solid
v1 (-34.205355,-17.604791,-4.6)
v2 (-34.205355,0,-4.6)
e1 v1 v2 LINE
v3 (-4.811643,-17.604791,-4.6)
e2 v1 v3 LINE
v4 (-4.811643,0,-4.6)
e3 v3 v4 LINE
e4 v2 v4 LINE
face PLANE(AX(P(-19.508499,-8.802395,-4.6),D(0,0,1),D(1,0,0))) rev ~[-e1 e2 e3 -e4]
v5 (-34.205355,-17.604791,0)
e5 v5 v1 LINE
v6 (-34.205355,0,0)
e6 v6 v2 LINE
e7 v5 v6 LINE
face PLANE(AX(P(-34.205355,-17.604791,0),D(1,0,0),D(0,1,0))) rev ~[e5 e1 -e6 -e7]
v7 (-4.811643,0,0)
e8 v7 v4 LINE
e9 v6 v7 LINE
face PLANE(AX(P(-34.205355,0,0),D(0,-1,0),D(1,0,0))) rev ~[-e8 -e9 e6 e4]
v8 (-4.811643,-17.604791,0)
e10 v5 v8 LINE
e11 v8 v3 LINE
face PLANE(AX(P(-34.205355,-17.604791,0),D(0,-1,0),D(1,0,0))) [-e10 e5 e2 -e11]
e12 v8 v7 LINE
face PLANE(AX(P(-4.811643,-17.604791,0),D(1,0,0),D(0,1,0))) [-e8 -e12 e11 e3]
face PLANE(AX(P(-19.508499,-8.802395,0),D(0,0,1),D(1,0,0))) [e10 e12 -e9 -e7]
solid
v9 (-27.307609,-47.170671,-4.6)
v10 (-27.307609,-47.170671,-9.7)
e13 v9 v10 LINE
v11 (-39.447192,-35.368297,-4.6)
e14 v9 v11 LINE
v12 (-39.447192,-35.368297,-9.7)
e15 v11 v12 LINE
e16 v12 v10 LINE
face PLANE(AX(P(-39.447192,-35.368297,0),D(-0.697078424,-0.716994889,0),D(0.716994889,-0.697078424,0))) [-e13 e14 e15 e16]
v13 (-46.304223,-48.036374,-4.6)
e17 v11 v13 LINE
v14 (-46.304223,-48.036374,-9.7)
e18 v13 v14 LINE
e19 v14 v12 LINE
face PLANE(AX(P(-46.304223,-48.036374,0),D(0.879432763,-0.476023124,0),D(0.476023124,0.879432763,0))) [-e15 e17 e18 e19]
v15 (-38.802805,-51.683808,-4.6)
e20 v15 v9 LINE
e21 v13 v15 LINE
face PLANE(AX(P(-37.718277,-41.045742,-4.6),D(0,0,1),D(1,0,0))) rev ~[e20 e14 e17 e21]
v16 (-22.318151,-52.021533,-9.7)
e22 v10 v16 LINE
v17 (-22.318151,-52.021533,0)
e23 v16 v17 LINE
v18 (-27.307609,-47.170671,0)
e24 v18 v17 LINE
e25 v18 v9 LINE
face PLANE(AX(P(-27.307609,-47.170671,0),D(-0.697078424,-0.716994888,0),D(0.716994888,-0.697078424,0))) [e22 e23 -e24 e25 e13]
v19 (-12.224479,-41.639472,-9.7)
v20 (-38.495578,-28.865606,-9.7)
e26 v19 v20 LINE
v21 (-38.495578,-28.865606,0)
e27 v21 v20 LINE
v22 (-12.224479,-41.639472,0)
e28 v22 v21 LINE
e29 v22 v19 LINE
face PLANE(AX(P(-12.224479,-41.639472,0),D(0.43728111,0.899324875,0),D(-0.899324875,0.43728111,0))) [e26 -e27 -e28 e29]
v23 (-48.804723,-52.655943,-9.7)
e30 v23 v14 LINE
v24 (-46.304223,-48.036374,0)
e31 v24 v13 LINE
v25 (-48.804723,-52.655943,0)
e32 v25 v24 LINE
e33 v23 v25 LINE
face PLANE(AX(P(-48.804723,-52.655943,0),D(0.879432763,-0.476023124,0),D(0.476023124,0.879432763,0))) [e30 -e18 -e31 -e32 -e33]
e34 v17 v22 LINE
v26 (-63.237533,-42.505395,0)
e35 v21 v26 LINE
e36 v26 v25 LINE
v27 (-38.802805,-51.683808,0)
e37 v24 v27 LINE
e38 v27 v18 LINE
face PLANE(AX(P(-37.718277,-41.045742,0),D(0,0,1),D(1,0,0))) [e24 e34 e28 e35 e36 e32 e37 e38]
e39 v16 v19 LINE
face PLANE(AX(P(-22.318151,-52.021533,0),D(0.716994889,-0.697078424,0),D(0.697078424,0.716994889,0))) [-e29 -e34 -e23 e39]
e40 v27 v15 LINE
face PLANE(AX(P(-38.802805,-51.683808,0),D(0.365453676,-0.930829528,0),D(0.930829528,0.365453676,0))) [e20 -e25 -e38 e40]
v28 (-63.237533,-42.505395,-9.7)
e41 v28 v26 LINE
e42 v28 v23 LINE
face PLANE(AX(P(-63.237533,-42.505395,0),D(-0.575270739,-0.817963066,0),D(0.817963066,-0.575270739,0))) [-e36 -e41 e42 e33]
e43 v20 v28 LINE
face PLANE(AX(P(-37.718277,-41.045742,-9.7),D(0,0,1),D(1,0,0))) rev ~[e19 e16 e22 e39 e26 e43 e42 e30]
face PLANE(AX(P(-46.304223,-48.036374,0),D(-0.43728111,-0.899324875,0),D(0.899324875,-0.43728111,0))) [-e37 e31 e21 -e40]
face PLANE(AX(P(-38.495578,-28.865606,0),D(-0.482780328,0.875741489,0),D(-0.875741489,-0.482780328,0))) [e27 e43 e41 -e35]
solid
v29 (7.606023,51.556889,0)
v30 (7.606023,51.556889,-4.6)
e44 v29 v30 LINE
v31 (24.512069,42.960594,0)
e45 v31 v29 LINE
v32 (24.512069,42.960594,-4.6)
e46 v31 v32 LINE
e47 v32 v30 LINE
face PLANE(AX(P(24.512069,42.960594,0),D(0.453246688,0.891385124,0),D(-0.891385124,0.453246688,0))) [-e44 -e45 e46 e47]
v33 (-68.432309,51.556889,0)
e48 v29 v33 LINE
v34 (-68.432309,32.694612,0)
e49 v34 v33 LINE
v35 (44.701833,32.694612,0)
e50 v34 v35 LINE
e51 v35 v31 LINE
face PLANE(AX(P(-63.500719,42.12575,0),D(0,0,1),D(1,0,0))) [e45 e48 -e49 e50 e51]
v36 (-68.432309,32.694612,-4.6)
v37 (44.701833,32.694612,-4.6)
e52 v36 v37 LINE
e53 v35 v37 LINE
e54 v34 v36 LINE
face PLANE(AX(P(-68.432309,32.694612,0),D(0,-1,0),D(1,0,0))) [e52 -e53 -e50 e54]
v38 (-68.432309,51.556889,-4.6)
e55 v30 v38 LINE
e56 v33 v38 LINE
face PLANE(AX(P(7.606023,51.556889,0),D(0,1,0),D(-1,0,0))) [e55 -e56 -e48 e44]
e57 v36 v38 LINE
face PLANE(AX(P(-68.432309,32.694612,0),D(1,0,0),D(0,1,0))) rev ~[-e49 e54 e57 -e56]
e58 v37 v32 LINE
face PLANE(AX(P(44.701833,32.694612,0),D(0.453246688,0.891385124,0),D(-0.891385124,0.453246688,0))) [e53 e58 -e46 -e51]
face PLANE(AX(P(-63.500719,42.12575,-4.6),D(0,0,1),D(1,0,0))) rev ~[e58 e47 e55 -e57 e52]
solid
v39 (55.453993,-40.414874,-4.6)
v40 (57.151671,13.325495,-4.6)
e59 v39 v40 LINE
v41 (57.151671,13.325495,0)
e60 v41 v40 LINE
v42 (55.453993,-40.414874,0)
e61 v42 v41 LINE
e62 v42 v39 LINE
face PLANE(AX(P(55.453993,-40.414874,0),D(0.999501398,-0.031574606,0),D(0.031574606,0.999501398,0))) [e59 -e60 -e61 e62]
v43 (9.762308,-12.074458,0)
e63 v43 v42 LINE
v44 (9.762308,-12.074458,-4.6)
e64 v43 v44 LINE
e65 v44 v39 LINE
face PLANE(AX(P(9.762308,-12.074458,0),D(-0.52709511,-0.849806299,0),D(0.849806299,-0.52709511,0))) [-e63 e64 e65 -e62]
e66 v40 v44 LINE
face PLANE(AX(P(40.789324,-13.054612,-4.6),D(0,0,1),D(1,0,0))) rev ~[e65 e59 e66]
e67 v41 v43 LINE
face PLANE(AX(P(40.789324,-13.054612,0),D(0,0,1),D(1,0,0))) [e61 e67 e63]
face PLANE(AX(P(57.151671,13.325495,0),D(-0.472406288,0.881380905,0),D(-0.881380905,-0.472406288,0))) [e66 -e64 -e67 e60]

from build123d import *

# Parameters (mm, degrees)
F1_DEPTH = 9.7
F0_W     = 9.863179177
F0_H     = 18.8622772694
F2_DEPTH = 4.6
F0_W_2   = 29.3937120587
F0_H_2   = 17.604790628


with BuildPart() as f1:
    # F0 (on Top) → F1 (new body)
    with BuildSketch(Plane.XY):
        Polygon((-38.4955778718, -28.8656055927), (-63.2375329733, -42.5053946674), (-48.8047227263, -52.6559427381), (-46.3042226437, -48.0363736752), (-39.4471921027, -35.3682972491), (-27.3076091883, -47.1706705536), (-22.3181508482, -52.0215332508), (-12.2244788289, -41.6394715056), align=None)
    extrude(amount=-F1_DEPTH)

    # F0 (on Top) → F2, piece 4 (join)
    with BuildSketch(Plane.XY):
        Polygon((-38.4955778718, -28.8656055927), (-63.2375329733, -42.5053946674), (-48.8047227263, -52.6559427381), (-46.3042226437, -48.0363736752), (-39.4471921027, -35.3682972491), (-27.3076091883, -47.1706705536), (-22.3181508482, -52.0215332508), (-12.2244788289, -41.6394715056), align=None)
        Polygon((-39.4471921027, -35.3682972491), (-46.3042226437, -48.0363736752), (-38.8028048201, -51.6838078871), (-27.3076091883, -47.1706705536), align=None)
    extrude(amount=-F2_DEPTH)


with BuildPart() as f2:
    # F0 (on Top) → F2 (new body)
    with BuildSketch(Plane.XY):
        with Locations((-63.5007191449, 42.1257503331)):
            Rectangle(F0_W, F0_H)
        Polygon((-58.5691295564, 51.5568889678), (-58.5691295564, 32.6946116984), (44.7018332779, 32.6946116984), (34.3673656484, 37.9494259188), (24.5120691447, 42.9605937961), (7.6060225256, 51.5568889678), align=None)
    extrude(amount=-F2_DEPTH)


with BuildPart() as f2b:
    # F0 (on Top) → F2, piece 2 (new body)
    with BuildSketch(Plane.XY):
        with Locations((-19.5084987208, -8.802395314)):
            Rectangle(F0_W_2, F0_H_2)
    extrude(amount=-F2_DEPTH)


with BuildPart() as f2c:
    # F0 (on Top) → F2, piece 3 (new body)
    with BuildSketch(Plane.XY):
        Polygon((9.7623080817, -12.0744576799), (55.4539933801, -40.4148735106), (57.151670794, 13.3254946149), align=None)
    extrude(amount=-F2_DEPTH)


solid = Compound([f1.part, f2.part, f2b.part, f2c.part])
